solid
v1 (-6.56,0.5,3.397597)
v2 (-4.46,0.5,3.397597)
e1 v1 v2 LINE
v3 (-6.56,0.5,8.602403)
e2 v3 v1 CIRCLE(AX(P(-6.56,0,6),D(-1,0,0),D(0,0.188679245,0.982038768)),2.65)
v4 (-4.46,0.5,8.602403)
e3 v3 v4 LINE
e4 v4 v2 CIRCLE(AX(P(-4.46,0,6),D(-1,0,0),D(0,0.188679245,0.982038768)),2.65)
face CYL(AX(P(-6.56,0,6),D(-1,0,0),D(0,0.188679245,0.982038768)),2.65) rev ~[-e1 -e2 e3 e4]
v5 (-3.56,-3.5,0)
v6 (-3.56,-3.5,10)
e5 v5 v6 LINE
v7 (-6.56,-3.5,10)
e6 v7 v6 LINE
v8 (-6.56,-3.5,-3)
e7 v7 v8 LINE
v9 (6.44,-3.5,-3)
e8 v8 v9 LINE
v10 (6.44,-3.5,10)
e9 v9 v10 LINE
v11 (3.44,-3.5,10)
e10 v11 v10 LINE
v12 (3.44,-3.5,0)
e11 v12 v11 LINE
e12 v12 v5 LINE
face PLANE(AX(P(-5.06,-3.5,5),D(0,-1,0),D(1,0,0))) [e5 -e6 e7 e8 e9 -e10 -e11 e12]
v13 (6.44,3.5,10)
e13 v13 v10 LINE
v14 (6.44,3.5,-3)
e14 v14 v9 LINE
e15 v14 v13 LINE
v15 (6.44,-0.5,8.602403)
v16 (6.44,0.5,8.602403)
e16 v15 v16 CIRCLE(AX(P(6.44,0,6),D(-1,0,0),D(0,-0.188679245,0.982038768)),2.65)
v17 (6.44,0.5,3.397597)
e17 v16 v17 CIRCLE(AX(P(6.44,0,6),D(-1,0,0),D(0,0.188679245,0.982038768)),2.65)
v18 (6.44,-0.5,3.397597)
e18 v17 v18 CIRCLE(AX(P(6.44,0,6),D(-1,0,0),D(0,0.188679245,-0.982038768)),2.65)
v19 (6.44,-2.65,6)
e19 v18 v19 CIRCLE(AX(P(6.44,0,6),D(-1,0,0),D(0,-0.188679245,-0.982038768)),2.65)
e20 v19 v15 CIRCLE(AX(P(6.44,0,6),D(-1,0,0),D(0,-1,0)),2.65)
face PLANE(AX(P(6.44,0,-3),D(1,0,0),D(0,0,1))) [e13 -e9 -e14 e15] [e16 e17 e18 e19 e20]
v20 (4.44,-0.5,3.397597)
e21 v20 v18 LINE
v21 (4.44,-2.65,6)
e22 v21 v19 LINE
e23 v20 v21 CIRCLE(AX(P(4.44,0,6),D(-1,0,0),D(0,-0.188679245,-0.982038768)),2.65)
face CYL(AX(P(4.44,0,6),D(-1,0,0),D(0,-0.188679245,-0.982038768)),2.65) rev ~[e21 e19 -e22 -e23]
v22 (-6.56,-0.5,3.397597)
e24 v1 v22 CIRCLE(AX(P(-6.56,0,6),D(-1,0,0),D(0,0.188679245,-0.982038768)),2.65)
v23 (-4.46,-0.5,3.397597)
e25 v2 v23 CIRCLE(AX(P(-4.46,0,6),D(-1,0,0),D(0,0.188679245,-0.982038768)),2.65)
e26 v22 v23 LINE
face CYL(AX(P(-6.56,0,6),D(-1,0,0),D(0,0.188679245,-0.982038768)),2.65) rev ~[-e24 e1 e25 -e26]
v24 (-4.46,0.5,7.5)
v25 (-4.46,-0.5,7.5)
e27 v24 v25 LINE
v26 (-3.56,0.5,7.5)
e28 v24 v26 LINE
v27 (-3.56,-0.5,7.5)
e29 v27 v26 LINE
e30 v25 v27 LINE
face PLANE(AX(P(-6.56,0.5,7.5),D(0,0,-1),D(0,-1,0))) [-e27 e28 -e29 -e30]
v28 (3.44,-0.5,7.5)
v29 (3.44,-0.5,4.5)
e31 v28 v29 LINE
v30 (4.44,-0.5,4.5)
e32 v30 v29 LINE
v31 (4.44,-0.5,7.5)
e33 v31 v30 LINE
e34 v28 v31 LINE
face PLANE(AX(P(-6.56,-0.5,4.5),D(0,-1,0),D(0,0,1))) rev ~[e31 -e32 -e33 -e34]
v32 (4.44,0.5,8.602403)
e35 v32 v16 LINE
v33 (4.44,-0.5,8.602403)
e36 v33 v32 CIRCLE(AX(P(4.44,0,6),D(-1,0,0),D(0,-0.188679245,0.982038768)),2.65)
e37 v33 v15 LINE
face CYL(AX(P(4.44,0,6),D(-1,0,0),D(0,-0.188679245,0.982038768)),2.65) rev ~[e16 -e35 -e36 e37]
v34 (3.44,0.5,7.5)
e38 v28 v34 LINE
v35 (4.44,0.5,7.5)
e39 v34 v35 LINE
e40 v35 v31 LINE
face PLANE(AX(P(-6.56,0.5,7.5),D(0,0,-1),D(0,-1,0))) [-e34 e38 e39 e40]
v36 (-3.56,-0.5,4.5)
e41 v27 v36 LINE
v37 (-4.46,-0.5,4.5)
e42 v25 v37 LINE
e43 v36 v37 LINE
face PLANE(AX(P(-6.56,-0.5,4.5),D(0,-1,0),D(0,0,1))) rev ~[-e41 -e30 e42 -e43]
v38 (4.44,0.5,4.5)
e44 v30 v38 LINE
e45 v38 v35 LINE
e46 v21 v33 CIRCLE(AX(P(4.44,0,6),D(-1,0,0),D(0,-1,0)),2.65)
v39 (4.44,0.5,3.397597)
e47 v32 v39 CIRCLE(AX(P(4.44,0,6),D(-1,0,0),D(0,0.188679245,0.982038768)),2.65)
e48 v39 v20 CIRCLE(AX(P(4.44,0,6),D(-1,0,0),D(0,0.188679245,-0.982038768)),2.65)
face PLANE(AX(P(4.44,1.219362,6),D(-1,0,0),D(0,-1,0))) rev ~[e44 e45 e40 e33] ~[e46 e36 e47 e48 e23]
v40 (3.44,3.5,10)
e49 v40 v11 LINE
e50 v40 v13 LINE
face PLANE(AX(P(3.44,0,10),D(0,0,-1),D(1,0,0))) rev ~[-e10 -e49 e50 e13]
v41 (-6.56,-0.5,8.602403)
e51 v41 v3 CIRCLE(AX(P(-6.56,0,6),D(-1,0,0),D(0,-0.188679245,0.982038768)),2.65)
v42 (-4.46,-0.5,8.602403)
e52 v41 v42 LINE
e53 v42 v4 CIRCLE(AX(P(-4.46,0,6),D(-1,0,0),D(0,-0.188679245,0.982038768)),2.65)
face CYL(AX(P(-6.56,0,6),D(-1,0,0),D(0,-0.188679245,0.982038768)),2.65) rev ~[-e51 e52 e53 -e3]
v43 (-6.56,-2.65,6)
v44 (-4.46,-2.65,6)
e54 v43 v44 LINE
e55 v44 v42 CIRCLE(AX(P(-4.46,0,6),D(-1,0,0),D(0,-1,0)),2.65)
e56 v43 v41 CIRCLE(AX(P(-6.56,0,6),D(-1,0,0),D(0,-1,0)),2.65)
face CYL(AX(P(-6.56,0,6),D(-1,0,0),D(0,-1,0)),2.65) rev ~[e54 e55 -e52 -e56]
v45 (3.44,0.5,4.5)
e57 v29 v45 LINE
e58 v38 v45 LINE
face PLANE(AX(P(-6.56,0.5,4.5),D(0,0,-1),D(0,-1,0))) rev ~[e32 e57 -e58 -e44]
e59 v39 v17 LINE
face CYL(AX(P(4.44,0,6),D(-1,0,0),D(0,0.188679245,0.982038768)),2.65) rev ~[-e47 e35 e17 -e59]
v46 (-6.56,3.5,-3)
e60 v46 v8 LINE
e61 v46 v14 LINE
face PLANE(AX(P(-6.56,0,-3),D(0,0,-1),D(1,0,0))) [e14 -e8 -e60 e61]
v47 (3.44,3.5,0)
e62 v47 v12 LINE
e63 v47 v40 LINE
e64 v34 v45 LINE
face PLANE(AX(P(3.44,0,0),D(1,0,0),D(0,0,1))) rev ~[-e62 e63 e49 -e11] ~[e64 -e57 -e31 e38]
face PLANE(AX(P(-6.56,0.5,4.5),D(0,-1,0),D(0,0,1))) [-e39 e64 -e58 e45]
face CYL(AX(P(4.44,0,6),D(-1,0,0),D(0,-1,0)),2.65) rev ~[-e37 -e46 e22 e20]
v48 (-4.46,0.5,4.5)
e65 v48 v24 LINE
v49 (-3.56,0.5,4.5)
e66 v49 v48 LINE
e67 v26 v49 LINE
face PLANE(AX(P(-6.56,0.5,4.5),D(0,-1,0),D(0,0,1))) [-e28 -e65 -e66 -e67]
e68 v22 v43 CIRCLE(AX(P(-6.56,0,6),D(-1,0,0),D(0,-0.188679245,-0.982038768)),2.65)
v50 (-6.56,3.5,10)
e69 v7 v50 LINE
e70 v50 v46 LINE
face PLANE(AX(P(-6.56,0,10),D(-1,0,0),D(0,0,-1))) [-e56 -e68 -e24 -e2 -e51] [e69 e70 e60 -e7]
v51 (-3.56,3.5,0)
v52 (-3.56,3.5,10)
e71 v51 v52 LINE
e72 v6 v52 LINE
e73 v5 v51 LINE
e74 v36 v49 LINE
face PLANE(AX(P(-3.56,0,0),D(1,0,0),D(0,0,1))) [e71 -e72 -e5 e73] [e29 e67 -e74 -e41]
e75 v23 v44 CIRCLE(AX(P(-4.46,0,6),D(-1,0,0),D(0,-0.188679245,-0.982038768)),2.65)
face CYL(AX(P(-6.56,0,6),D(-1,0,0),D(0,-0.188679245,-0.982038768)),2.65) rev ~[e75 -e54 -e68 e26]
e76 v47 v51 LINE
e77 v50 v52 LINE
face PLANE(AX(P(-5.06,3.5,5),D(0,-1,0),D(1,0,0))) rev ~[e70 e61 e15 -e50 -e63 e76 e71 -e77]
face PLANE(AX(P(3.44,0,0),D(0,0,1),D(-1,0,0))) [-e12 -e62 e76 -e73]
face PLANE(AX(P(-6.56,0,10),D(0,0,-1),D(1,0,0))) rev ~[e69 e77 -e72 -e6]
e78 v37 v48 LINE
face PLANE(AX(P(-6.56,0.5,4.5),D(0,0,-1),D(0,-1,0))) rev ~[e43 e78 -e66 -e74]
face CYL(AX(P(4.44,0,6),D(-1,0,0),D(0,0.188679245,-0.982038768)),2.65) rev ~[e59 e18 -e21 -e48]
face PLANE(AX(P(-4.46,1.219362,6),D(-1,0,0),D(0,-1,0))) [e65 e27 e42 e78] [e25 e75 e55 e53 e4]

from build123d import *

# Parameters (mm, degrees)
F0_W     = 3
F0_H     = 10
F1_DEPTH = 3.5
F2_W     = 1
F2_H     = 3
F3_DEPTH = 25
F4_DEPTH = 2.1
F5_START = -11
F5_DEPTH = 4


with BuildPart() as f1:
    # F0 (on Front) → F1 (new body, symmetric)
    with BuildSketch(Plane.XZ):
        with Locations((-5.06, 5)):
            Rectangle(F0_W, F0_H)
        Polygon((-3.56, 0), (-6.56, 0), (-6.56, -3), (6.44, -3), (6.44, 0), (3.44, 0), align=None)
        with Locations((4.94, 5)):
            Rectangle(F0_W, F0_H)
    extrude(amount=F1_DEPTH, both=True)

    # F2 (on face) → F3 (cut, symmetric)
    with BuildSketch(Plane(origin=(-6.56, 0, 0), x_dir=(0, -1, 0), z_dir=(-1, 0, 0))):
        with Locations((0, 6)):
            Rectangle(F2_W, F2_H)
    extrude(amount=F3_DEPTH, both=True, mode=Mode.SUBTRACT)

    # F2 (on face) → F4 (cut)
    with BuildSketch(Plane(origin=(-6.56, 0, 0), x_dir=(0, -1, 0), z_dir=(-1, 0, 0))):
        with BuildLine():
            Line((-0.5, 7.5), (-0.5, 8.6024027359))
            ThreePointArc((-0.5, 8.6024027359), (-2.65, 6), (-0.5, 3.3975972641))
            Line((-0.5, 3.3975972641), (-0.5, 4.5))
            Line((-0.5, 4.5), (-0.5, 7.5))
        make_face()
        with BuildLine():
            ThreePointArc((0.5, 3.3975972641), (2.0429757708, 4.312175957), (2.65, 6))
            ThreePointArc((2.65, 6), (2.0429757708, 7.687824043), (0.5, 8.6024027359))
            Line((0.5, 8.6024027359), (0.5, 7.5))
            Line((0.5, 7.5), (0.5, 4.5))
            Line((0.5, 4.5), (0.5, 3.3975972641))
        make_face()
        with BuildLine():
            Line((0.5, 7.5), (0.5, 8.6024027359))
            ThreePointArc((0.5, 8.6024027359), (0, 8.65), (-0.5, 8.6024027359))
            Line((-0.5, 8.6024027359), (-0.5, 7.5))
            Line((-0.5, 7.5), (0.5, 7.5))
        make_face()
        with BuildLine():
            ThreePointArc((-0.5, 3.3975972641), (0, 3.35), (0.5, 3.3975972641))
            Line((0.5, 3.3975972641), (0.5, 4.5))
            Line((0.5, 4.5), (-0.5, 4.5))
            Line((-0.5, 4.5), (-0.5, 3.3975972641))
        make_face()
    extrude(amount=-F4_DEPTH, mode=Mode.SUBTRACT)

    # F2 (on face) → F5 (cut)
    with BuildSketch(Plane(origin=(-6.56, 0, 0), x_dir=(0, -1, 0), z_dir=(-1, 0, 0)).offset(F5_START)):
        with BuildLine():
            Line((-0.5, 7.5), (-0.5, 8.6024027359))
            ThreePointArc((-0.5, 8.6024027359), (-2.65, 6), (-0.5, 3.3975972641))
            Line((-0.5, 3.3975972641), (-0.5, 4.5))
            Line((-0.5, 4.5), (-0.5, 7.5))
        make_face()
        with BuildLine():
            Line((0.5, 7.5), (0.5, 8.6024027359))
            ThreePointArc((0.5, 8.6024027359), (0, 8.65), (-0.5, 8.6024027359))
            Line((-0.5, 8.6024027359), (-0.5, 7.5))
            Line((-0.5, 7.5), (0.5, 7.5))
        make_face()
        with BuildLine():
            ThreePointArc((-0.5, 3.3975972641), (0, 3.35), (0.5, 3.3975972641))
            Line((0.5, 3.3975972641), (0.5, 4.5))
            Line((0.5, 4.5), (-0.5, 4.5))
            Line((-0.5, 4.5), (-0.5, 3.3975972641))
        make_face()
        with BuildLine():
            ThreePointArc((0.5, 3.3975972641), (2.0429757708, 4.312175957), (2.65, 6))
            ThreePointArc((2.65, 6), (2.0429757708, 7.687824043), (0.5, 8.6024027359))
            Line((0.5, 8.6024027359), (0.5, 7.5))
            Line((0.5, 7.5), (0.5, 4.5))
            Line((0.5, 4.5), (0.5, 3.3975972641))
        make_face()
    extrude(amount=-F5_DEPTH, mode=Mode.SUBTRACT)


solid = f1.part
